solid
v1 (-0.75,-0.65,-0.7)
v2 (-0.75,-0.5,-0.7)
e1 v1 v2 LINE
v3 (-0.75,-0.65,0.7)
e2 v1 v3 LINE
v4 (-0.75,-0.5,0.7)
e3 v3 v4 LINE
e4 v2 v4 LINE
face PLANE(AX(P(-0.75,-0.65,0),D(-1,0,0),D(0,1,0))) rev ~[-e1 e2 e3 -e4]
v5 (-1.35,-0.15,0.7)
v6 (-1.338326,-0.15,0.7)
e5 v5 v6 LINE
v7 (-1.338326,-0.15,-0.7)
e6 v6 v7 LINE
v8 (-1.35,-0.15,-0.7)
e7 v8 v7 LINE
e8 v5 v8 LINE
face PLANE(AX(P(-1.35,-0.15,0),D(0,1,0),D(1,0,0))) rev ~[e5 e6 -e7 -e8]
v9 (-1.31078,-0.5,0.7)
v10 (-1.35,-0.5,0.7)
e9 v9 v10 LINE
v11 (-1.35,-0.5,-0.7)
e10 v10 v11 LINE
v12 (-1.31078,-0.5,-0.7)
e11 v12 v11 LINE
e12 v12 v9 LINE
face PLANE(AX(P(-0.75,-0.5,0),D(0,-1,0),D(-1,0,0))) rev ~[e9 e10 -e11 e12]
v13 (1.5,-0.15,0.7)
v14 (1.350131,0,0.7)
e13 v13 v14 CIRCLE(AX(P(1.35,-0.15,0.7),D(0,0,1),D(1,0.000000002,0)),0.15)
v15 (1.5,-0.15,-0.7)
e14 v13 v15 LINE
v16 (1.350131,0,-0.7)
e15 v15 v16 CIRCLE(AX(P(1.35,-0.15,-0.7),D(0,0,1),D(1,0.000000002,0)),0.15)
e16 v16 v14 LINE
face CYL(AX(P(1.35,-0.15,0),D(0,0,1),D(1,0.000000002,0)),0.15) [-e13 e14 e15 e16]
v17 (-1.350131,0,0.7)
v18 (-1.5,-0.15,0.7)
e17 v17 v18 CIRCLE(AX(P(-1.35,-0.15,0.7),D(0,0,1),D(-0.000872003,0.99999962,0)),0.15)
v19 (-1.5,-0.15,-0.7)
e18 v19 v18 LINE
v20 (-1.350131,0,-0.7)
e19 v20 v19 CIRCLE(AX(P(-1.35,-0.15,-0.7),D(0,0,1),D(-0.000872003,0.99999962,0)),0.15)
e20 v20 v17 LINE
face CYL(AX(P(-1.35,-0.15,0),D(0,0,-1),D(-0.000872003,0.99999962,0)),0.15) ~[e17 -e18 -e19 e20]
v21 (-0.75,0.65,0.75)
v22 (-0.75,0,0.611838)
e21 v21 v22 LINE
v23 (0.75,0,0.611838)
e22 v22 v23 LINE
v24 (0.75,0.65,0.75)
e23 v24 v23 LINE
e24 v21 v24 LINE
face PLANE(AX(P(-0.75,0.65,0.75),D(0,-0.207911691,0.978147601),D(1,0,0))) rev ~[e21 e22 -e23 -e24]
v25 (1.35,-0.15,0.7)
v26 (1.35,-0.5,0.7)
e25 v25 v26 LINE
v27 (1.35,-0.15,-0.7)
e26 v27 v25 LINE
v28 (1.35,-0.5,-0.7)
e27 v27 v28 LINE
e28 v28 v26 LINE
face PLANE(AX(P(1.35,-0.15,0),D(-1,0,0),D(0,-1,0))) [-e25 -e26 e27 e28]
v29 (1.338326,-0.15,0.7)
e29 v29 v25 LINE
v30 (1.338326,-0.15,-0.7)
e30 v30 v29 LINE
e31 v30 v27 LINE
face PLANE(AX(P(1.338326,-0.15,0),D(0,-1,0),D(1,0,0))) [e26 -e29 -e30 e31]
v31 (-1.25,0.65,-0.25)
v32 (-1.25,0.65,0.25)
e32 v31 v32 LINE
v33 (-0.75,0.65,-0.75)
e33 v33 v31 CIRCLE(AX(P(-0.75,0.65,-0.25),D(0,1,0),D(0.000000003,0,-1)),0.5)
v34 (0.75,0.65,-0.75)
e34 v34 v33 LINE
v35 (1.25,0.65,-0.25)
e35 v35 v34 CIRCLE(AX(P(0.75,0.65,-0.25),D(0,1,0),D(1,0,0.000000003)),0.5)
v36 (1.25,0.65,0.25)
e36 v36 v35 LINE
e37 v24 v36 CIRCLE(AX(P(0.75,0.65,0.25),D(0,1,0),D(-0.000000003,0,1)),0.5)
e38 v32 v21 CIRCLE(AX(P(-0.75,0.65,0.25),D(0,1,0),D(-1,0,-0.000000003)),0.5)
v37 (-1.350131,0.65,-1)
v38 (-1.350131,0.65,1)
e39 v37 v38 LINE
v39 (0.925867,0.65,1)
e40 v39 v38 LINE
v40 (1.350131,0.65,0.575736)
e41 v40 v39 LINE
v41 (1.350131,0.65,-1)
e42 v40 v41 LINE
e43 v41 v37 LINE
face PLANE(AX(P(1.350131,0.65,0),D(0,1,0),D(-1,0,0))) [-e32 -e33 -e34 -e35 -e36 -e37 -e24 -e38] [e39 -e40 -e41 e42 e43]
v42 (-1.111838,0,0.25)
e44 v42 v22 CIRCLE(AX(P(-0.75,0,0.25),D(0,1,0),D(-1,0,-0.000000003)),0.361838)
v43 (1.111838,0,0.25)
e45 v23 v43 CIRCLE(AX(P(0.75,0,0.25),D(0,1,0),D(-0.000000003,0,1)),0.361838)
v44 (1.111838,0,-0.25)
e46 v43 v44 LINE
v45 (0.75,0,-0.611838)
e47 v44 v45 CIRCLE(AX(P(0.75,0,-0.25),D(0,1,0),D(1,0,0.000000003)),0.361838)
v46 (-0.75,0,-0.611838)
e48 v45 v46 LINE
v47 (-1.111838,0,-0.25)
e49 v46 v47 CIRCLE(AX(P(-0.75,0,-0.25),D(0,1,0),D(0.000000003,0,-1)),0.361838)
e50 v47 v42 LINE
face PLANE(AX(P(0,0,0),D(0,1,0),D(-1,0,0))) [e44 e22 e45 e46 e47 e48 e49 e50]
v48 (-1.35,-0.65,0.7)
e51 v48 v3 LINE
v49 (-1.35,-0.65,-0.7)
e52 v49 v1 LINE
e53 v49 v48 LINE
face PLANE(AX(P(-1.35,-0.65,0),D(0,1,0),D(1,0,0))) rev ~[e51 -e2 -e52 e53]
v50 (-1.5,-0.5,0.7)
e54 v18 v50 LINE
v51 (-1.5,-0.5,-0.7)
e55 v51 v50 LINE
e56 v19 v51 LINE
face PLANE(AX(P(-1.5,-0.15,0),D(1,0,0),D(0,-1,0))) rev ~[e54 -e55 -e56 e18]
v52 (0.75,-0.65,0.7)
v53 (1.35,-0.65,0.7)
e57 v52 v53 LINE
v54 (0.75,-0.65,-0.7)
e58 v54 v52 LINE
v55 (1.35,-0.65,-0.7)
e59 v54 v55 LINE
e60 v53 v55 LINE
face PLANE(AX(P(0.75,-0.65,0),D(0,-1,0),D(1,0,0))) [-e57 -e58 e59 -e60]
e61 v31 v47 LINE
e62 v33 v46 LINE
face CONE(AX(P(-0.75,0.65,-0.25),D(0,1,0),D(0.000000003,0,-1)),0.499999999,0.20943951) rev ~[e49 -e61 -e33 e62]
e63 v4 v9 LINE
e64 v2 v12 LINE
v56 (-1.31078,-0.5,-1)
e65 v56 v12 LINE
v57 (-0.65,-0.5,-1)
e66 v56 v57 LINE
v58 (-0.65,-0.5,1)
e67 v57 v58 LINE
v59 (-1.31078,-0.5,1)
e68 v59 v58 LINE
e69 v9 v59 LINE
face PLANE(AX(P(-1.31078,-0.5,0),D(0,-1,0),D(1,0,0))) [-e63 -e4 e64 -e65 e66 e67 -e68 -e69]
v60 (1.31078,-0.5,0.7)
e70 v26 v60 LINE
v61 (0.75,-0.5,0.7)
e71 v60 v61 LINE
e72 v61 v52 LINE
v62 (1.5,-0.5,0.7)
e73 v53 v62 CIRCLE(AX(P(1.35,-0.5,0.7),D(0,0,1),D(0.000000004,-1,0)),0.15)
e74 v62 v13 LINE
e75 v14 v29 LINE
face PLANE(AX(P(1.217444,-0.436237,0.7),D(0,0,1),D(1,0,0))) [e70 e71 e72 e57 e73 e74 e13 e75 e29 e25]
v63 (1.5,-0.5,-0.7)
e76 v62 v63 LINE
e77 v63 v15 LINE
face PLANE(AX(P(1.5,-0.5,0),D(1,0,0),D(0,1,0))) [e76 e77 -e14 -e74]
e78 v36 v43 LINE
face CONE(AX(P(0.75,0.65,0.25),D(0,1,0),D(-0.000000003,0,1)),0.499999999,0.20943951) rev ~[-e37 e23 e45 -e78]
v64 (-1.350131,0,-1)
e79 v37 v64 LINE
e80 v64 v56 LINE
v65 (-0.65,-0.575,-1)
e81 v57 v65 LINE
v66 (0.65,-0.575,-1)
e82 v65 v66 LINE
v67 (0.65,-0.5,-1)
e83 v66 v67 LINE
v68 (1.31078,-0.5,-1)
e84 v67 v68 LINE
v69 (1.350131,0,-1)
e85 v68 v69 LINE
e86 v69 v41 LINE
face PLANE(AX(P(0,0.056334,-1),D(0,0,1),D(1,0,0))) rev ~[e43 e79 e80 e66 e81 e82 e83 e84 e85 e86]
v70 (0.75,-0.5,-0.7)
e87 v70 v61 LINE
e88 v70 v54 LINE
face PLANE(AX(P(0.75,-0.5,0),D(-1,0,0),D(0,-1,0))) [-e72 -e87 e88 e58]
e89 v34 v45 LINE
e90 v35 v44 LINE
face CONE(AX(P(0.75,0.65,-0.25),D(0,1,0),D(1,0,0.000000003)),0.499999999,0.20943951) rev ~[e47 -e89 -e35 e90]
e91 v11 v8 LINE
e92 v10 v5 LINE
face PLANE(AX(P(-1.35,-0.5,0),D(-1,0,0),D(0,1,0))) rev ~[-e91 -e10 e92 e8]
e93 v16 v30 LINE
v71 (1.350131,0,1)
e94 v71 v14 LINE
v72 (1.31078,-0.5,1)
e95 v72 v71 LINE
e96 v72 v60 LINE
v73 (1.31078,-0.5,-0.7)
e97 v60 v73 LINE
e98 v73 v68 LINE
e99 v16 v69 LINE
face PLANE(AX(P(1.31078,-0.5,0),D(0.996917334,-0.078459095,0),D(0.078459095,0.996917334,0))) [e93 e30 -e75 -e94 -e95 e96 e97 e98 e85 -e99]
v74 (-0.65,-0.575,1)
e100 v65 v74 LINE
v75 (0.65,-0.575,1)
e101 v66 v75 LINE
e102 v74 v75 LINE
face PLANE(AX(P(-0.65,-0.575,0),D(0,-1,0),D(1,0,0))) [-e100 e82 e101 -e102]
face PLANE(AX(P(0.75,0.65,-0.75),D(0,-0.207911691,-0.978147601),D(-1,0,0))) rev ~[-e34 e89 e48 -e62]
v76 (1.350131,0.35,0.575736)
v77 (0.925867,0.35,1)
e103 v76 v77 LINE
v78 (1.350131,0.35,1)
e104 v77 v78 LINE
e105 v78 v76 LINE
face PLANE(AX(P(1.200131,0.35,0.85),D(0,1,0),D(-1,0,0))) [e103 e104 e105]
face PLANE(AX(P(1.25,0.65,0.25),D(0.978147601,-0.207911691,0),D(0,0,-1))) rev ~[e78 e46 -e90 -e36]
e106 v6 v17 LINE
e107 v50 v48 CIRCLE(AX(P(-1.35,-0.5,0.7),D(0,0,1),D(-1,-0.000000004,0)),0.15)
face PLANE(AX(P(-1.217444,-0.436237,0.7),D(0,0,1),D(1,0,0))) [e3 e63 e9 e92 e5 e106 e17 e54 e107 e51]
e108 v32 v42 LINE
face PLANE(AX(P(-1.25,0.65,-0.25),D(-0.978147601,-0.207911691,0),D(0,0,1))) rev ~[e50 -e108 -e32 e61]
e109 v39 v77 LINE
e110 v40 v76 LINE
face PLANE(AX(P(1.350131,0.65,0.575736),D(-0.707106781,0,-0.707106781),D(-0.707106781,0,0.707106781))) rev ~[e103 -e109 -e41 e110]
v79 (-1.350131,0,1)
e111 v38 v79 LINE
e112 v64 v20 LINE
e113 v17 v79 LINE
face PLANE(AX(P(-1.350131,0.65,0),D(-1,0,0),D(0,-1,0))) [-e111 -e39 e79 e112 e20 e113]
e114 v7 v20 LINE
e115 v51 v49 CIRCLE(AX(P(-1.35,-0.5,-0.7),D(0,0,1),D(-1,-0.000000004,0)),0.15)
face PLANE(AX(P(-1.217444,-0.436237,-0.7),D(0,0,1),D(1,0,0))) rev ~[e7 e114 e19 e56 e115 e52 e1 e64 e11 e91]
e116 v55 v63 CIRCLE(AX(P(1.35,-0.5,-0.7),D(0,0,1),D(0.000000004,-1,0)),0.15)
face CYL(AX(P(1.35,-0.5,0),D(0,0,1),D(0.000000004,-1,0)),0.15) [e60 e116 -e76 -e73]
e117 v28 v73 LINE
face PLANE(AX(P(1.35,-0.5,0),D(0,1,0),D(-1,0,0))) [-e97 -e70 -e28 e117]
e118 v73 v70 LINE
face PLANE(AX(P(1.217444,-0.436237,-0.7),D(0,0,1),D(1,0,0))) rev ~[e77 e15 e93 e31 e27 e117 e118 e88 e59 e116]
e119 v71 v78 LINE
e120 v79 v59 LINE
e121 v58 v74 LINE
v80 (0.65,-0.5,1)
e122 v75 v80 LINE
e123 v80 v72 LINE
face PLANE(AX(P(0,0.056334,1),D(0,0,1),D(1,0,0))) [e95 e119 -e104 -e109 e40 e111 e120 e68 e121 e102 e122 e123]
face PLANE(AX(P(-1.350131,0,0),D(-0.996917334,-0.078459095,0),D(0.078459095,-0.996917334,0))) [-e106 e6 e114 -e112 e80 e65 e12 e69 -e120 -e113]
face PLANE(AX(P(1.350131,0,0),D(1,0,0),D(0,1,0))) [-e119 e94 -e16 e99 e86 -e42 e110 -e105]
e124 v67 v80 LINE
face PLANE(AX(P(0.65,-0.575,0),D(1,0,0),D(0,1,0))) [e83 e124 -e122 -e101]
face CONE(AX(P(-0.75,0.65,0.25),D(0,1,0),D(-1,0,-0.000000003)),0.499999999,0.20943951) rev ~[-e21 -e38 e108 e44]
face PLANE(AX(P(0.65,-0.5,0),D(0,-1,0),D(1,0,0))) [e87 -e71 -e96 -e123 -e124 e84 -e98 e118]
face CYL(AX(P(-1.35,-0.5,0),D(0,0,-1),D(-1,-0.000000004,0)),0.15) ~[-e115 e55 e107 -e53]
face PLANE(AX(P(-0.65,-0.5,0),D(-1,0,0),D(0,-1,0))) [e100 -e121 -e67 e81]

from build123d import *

# Parameters (mm, degrees)
EXTRUDE1_DEPTH     = 1
CUT_EXTRUDE1_DEPTH = 0.65
CUT_EXTRUDE1_DRAFT = -12
EXTRUDE2_DEPTH     = 0.7
CUT_EXTRUDE2_DEPTH = 0.3


with BuildPart() as part:
    # Sketch1 → Extrude1 (new body, symmetric)
    with BuildSketch(Plane.XY):
        Polygon((1.3501308, 0.65), (-1.3501308, 0.65), (-1.3501308, 0), (-1.310779947, -0.5), (-0.65, -0.5), (-0.65, -0.575), (0.65, -0.575), (0.65, -0.5), (1.310779947, -0.5), (1.3501308, 0), align=None)
    extrude(amount=EXTRUDE1_DEPTH, both=True)


with BuildPart() as cut_extrude1_tool:
    # Sketch4 → Cut-Extrude1 (with draft: the straight prism first)
    with BuildSketch(Plane(origin=(0, 0.65, 0), x_dir=(-1, 0, 0), z_dir=(0, 1, 0))):
        with BuildLine():
            ThreePointArc((0.75, -0.75), (1.103553391, -0.603553391), (1.25, -0.25))
            Line((1.25, -0.25), (1.25, 0.25))
            ThreePointArc((1.25, 0.25), (1.103553391, 0.603553391), (0.75, 0.75))
            Line((0.75, 0.75), (-0.75, 0.75))
            ThreePointArc((-0.75, 0.75), (-1.103553391, 0.603553391), (-1.25, 0.25))
            Line((-1.25, 0.25), (-1.25, -0.25))
            ThreePointArc((-1.25, -0.25), (-1.103553391, -0.603553391), (-0.75, -0.75))
            Line((-0.75, -0.75), (0.75, -0.75))
        make_face()
    extrude(amount=-CUT_EXTRUDE1_DEPTH)
    # Cut-Extrude1: the draft: its side faces are tilted about the plane it starts from
    cut_extrude1_sides = [cut_extrude1_tool.faces().sort_by_distance(p)[0] for p in [
        (1.103553391, 0.325, -0.603553391),
        (0, 0.325, -0.75),
        (-1.103553391, 0.325, -0.603553391),
        (-1.25, 0.325, 0),
        (-1.103553391, 0.325, 0.603553391),
        (0, 0.325, 0.75),
        (1.103553391, 0.325, 0.603553391),
        (1.25, 0.325, 0),
    ]]
    draft(cut_extrude1_sides, Plane(origin=(0, 0.65, 0), x_dir=(-1, 0, 0), z_dir=(0, 1, 0)), CUT_EXTRUDE1_DRAFT)


with BuildPart() as part_1:
    add(part.part)

    # Cut-Extrude1: cut by cut_extrude1_tool
    add(cut_extrude1_tool.part, mode=Mode.SUBTRACT)

    # Sketch1_3 → Extrude2 (add, symmetric)
    with BuildSketch(Plane.XY):
        with BuildLine():
            Line((-1.338325544, -0.15), (-1.3501308, 0))
            ThreePointArc((-1.3501308, -5.7e-08), (-1.456112252, -0.043980238), (-1.5, -0.15))
            Line((-1.5, -0.15), (-1.5, -0.5))
            ThreePointArc((-1.5, -0.5), (-1.456066017, -0.606066017), (-1.35, -0.65))
            Line((-1.35, -0.65), (-0.75, -0.65))
            Line((-0.75, -0.65), (-0.75, -0.5))
            Line((-0.75, -0.5), (-1.35, -0.5))
            Line((-1.35, -0.5), (-1.35, -0.15))
            Line((-1.35, -0.15), (-1.338325544, -0.15))
        make_face()
        with BuildLine():
            ThreePointArc((1.5, -0.15), (1.456112252, -0.043980238), (1.3501308, -5.7e-08))
            Line((1.3501308, 0), (1.338325544, -0.15))
            Line((1.338325544, -0.15), (1.35, -0.15))
            Line((1.35, -0.15), (1.35, -0.5))
            Line((1.35, -0.5), (0.75, -0.5))
            Line((0.75, -0.5), (0.75, -0.65))
            Line((0.75, -0.65), (1.35, -0.65))
            ThreePointArc((1.35, -0.65), (1.456066017, -0.606066017), (1.5, -0.5))
            Line((1.5, -0.5), (1.5, -0.15))
        make_face()
    extrude(amount=EXTRUDE2_DEPTH, both=True)

    # Sketch4_5 → Cut-Extrude2 (cut)
    with BuildSketch(Plane(origin=(0, 0.65, 0), x_dir=(-1, 0, 0), z_dir=(0, 1, 0))):
        Polygon((-1.3501308, 1), (-1.3501308, 0.575735931), (-0.925866731, 1), align=None)
    extrude(amount=-CUT_EXTRUDE2_DEPTH, mode=Mode.SUBTRACT)


solid = part_1.part
